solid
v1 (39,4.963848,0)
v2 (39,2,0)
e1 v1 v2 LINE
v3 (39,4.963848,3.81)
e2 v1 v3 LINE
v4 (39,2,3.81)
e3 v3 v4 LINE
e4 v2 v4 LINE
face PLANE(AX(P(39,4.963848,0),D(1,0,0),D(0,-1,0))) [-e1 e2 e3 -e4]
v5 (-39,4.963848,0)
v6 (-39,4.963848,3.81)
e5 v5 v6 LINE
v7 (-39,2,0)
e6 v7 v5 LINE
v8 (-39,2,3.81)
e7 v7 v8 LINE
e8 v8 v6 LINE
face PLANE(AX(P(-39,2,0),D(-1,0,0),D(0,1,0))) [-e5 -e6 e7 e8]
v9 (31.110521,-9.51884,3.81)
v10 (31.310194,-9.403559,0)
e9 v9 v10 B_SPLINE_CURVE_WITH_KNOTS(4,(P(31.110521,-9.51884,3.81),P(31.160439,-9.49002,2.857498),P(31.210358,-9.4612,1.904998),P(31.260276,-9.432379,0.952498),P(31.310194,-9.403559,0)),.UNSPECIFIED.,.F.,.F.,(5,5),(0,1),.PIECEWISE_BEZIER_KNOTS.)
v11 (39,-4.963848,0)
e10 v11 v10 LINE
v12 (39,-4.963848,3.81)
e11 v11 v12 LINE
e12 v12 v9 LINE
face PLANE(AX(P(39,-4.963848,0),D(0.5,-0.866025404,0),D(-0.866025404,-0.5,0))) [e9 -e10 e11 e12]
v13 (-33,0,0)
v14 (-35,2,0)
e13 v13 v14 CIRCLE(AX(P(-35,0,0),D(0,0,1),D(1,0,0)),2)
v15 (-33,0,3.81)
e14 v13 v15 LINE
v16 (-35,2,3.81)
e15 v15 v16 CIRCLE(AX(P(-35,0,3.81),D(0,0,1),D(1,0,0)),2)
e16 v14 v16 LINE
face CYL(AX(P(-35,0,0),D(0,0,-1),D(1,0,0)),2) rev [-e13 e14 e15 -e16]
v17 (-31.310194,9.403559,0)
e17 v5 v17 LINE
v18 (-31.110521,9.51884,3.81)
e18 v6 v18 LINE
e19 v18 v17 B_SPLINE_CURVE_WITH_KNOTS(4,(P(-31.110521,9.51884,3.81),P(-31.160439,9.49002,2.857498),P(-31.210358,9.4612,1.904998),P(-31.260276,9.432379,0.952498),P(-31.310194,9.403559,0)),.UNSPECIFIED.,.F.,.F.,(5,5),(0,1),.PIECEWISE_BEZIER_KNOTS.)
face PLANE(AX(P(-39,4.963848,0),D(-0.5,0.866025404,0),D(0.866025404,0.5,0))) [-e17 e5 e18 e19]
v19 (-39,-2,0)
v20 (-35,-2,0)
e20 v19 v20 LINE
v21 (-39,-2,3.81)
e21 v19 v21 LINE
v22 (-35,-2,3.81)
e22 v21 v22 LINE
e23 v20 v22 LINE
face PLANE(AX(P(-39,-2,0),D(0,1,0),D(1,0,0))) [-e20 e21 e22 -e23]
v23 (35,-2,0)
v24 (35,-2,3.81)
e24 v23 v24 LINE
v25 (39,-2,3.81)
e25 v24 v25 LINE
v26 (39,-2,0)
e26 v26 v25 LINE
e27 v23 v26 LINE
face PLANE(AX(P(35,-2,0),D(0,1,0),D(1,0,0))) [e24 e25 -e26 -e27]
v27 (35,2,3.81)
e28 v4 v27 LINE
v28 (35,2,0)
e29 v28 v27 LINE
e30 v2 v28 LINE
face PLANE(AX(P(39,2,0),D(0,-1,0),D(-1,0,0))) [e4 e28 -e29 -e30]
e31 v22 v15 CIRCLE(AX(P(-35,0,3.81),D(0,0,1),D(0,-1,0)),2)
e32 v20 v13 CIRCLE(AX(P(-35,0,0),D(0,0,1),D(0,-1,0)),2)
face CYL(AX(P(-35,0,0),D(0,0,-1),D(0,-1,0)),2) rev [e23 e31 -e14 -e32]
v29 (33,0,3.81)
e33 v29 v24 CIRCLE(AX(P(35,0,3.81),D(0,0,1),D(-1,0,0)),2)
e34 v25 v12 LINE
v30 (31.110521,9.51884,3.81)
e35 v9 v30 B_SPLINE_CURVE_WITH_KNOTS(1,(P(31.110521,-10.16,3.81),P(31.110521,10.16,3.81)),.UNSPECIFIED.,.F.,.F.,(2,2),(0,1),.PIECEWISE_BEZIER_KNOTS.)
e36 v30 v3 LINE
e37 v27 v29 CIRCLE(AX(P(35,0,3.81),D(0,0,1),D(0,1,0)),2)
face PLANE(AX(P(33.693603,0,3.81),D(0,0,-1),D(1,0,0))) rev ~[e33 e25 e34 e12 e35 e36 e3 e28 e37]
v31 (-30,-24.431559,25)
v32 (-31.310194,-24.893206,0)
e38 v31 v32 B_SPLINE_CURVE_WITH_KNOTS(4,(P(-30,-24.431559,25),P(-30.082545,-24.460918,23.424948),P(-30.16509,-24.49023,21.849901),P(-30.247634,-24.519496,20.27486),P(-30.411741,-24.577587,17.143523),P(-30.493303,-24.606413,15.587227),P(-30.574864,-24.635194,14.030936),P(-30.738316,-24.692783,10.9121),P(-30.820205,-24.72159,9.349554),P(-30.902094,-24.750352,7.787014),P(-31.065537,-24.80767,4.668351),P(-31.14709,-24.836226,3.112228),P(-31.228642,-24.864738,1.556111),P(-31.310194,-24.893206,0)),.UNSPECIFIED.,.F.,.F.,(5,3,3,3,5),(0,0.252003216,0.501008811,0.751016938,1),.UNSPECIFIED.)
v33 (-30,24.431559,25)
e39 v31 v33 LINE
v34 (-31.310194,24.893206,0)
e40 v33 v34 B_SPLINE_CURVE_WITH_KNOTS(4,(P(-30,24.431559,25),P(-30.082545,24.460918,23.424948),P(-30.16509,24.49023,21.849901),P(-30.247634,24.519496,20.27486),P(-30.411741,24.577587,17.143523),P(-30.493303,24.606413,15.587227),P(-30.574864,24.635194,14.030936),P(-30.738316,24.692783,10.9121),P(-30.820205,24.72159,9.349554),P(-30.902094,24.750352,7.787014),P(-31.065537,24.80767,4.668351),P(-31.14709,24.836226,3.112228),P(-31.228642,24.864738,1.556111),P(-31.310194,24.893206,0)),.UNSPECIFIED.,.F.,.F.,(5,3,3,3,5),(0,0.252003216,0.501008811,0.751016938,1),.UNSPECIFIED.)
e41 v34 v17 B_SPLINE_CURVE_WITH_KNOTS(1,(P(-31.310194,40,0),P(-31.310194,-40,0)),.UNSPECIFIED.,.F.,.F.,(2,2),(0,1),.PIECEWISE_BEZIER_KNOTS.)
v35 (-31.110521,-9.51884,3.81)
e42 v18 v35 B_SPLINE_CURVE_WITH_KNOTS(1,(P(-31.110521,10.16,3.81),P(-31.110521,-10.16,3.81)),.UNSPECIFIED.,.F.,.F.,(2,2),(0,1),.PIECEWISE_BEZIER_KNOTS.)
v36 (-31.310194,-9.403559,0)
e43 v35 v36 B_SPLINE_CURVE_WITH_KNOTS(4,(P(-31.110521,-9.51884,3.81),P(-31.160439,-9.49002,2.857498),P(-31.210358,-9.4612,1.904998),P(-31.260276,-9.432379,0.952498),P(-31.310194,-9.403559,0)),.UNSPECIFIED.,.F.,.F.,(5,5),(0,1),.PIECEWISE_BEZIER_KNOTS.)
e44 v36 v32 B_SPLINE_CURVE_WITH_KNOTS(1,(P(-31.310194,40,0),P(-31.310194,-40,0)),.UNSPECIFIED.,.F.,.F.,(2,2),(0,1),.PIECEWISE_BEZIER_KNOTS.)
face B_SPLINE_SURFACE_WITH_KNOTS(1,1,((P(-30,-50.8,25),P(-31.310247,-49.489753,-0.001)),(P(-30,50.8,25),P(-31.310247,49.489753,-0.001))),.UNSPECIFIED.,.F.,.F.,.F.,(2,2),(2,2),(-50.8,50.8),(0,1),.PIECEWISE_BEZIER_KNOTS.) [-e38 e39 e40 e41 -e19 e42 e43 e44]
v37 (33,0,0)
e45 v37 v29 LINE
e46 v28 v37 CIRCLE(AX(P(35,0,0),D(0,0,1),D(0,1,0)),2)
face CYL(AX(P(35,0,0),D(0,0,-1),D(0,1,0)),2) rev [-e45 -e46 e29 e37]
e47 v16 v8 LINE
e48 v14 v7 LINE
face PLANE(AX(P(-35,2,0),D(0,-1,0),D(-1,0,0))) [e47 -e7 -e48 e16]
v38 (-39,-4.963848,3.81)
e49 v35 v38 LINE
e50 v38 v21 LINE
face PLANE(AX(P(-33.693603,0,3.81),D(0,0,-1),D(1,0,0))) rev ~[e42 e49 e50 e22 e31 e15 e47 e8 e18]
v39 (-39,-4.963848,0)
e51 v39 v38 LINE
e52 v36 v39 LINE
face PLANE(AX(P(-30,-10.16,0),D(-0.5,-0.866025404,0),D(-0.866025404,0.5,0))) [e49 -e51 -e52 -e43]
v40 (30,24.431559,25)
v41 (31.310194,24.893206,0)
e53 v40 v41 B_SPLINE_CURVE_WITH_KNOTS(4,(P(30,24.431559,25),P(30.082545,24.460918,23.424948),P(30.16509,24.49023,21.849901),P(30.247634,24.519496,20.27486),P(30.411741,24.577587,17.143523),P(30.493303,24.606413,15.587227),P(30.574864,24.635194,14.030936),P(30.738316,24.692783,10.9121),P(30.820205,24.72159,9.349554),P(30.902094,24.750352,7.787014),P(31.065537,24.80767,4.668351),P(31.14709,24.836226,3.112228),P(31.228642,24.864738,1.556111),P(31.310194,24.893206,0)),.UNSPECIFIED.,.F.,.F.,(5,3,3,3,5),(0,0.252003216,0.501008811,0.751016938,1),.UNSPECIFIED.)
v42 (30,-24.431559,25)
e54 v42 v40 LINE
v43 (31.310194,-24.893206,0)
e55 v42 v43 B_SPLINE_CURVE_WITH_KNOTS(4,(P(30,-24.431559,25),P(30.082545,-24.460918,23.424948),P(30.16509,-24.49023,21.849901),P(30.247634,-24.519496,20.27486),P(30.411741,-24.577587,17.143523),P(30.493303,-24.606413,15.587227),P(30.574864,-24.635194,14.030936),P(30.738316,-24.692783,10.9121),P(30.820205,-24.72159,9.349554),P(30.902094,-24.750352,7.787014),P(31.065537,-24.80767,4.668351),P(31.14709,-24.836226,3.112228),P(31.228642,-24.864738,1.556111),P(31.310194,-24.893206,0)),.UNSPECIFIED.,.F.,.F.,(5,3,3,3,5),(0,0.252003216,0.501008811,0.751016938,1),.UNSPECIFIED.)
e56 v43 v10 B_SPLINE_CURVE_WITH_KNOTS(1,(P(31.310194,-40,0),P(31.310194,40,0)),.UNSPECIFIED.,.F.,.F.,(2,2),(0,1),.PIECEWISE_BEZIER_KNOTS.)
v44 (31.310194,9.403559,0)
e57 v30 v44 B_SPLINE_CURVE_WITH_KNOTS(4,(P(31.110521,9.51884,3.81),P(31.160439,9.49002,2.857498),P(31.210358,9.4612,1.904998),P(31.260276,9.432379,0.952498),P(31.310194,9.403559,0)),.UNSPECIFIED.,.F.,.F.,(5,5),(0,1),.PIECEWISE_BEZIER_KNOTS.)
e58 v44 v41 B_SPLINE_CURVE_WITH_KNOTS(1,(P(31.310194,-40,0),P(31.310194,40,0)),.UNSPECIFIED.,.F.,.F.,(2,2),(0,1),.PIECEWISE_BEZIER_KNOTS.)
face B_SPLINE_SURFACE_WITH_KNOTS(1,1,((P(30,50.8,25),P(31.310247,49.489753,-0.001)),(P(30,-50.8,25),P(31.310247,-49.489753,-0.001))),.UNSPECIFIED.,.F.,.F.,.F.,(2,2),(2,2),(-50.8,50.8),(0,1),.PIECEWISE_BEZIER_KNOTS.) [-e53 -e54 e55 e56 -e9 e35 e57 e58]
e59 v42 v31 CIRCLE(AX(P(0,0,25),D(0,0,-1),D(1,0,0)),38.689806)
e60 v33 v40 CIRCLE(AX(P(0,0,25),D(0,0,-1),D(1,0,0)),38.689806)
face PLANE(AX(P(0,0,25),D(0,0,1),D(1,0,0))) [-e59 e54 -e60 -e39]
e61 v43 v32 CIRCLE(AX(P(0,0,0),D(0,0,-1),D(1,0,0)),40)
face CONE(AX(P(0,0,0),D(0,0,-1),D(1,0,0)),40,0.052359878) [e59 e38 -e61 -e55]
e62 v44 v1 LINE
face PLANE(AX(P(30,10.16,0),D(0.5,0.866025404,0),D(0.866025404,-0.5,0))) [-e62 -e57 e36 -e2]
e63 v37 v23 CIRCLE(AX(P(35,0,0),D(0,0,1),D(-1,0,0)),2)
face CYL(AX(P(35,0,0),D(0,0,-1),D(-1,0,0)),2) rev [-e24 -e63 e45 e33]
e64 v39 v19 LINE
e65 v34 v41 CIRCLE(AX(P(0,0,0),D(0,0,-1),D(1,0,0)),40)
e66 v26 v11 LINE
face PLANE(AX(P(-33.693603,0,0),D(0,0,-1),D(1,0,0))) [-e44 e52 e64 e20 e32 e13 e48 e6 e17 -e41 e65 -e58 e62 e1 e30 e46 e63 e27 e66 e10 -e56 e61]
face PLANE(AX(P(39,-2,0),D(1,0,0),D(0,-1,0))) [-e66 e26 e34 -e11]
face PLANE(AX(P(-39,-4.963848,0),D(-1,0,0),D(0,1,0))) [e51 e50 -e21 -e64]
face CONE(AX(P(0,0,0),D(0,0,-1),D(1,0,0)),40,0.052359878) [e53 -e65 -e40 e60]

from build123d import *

# Parameters (mm, degrees)
F0_R     = 40
F1_DEPTH = 25
F1_TAPER = 3
F2_W     = 25.4
F2_H     = 101.6
F3_DEPTH = 25.001
F3_TAPER = 3
F5_DEPTH = 3.81


with BuildPart() as f1:
    # F0 (on Top) → F1 (new body)
    with BuildSketch(Plane.XY):
        Circle(F0_R)
    extrude(amount=F1_DEPTH, taper=F1_TAPER)

    # F2 (on face) → F3 (cut, through all)
    with BuildSketch(Plane.XY.offset(25)):
        with Locations((-42.7, 0)):
            Rectangle(F2_W, F2_H)
        with Locations((42.7, 0)):
            Rectangle(F2_W, F2_H)
    extrude(amount=-F3_DEPTH, taper=F3_TAPER, mode=Mode.SUBTRACT)

    # F4 (on face) → F5 (join)
    with BuildSketch(Plane(origin=(0, 0, 0), x_dir=(1, 0, 0), z_dir=(0, 0, -1))):
        with BuildLine():
            ThreePointArc((-35, 2), (-33.5857864376, 1.4142135624), (-33, 0))
            ThreePointArc((-33, 0), (-33.5857864376, -1.4142135624), (-35, -2))
            Line((-35, -2), (-39, -2))
            Line((-39, -2), (-39, -4.9638475773))
            Line((-39, -4.9638475773), (-30, -10.16))
            Line((-30, -10.16), (-30, 10.16))
            Line((-30, 10.16), (-39, 4.9638475773))
            Line((-39, 4.9638475773), (-39, 2))
            Line((-39, 2), (-35, 2))
        make_face()
        with BuildLine():
            ThreePointArc((33, 0), (33.5857864376, 1.4142135624), (35, 2))
            Line((35, 2), (39, 2))
            Line((39, 2), (39, 4.9638475773))
            Line((39, 4.9638475773), (30, 10.16))
            Line((30, 10.16), (30, -10.16))
            Line((30, -10.16), (39, -4.9638475773))
            Line((39, -4.9638475773), (39, -2))
            Line((39, -2), (35, -2))
            ThreePointArc((35, -2), (33.5857864376, -1.4142135624), (33, 0))
        make_face()
    extrude(amount=-F5_DEPTH)


solid = f1.part
